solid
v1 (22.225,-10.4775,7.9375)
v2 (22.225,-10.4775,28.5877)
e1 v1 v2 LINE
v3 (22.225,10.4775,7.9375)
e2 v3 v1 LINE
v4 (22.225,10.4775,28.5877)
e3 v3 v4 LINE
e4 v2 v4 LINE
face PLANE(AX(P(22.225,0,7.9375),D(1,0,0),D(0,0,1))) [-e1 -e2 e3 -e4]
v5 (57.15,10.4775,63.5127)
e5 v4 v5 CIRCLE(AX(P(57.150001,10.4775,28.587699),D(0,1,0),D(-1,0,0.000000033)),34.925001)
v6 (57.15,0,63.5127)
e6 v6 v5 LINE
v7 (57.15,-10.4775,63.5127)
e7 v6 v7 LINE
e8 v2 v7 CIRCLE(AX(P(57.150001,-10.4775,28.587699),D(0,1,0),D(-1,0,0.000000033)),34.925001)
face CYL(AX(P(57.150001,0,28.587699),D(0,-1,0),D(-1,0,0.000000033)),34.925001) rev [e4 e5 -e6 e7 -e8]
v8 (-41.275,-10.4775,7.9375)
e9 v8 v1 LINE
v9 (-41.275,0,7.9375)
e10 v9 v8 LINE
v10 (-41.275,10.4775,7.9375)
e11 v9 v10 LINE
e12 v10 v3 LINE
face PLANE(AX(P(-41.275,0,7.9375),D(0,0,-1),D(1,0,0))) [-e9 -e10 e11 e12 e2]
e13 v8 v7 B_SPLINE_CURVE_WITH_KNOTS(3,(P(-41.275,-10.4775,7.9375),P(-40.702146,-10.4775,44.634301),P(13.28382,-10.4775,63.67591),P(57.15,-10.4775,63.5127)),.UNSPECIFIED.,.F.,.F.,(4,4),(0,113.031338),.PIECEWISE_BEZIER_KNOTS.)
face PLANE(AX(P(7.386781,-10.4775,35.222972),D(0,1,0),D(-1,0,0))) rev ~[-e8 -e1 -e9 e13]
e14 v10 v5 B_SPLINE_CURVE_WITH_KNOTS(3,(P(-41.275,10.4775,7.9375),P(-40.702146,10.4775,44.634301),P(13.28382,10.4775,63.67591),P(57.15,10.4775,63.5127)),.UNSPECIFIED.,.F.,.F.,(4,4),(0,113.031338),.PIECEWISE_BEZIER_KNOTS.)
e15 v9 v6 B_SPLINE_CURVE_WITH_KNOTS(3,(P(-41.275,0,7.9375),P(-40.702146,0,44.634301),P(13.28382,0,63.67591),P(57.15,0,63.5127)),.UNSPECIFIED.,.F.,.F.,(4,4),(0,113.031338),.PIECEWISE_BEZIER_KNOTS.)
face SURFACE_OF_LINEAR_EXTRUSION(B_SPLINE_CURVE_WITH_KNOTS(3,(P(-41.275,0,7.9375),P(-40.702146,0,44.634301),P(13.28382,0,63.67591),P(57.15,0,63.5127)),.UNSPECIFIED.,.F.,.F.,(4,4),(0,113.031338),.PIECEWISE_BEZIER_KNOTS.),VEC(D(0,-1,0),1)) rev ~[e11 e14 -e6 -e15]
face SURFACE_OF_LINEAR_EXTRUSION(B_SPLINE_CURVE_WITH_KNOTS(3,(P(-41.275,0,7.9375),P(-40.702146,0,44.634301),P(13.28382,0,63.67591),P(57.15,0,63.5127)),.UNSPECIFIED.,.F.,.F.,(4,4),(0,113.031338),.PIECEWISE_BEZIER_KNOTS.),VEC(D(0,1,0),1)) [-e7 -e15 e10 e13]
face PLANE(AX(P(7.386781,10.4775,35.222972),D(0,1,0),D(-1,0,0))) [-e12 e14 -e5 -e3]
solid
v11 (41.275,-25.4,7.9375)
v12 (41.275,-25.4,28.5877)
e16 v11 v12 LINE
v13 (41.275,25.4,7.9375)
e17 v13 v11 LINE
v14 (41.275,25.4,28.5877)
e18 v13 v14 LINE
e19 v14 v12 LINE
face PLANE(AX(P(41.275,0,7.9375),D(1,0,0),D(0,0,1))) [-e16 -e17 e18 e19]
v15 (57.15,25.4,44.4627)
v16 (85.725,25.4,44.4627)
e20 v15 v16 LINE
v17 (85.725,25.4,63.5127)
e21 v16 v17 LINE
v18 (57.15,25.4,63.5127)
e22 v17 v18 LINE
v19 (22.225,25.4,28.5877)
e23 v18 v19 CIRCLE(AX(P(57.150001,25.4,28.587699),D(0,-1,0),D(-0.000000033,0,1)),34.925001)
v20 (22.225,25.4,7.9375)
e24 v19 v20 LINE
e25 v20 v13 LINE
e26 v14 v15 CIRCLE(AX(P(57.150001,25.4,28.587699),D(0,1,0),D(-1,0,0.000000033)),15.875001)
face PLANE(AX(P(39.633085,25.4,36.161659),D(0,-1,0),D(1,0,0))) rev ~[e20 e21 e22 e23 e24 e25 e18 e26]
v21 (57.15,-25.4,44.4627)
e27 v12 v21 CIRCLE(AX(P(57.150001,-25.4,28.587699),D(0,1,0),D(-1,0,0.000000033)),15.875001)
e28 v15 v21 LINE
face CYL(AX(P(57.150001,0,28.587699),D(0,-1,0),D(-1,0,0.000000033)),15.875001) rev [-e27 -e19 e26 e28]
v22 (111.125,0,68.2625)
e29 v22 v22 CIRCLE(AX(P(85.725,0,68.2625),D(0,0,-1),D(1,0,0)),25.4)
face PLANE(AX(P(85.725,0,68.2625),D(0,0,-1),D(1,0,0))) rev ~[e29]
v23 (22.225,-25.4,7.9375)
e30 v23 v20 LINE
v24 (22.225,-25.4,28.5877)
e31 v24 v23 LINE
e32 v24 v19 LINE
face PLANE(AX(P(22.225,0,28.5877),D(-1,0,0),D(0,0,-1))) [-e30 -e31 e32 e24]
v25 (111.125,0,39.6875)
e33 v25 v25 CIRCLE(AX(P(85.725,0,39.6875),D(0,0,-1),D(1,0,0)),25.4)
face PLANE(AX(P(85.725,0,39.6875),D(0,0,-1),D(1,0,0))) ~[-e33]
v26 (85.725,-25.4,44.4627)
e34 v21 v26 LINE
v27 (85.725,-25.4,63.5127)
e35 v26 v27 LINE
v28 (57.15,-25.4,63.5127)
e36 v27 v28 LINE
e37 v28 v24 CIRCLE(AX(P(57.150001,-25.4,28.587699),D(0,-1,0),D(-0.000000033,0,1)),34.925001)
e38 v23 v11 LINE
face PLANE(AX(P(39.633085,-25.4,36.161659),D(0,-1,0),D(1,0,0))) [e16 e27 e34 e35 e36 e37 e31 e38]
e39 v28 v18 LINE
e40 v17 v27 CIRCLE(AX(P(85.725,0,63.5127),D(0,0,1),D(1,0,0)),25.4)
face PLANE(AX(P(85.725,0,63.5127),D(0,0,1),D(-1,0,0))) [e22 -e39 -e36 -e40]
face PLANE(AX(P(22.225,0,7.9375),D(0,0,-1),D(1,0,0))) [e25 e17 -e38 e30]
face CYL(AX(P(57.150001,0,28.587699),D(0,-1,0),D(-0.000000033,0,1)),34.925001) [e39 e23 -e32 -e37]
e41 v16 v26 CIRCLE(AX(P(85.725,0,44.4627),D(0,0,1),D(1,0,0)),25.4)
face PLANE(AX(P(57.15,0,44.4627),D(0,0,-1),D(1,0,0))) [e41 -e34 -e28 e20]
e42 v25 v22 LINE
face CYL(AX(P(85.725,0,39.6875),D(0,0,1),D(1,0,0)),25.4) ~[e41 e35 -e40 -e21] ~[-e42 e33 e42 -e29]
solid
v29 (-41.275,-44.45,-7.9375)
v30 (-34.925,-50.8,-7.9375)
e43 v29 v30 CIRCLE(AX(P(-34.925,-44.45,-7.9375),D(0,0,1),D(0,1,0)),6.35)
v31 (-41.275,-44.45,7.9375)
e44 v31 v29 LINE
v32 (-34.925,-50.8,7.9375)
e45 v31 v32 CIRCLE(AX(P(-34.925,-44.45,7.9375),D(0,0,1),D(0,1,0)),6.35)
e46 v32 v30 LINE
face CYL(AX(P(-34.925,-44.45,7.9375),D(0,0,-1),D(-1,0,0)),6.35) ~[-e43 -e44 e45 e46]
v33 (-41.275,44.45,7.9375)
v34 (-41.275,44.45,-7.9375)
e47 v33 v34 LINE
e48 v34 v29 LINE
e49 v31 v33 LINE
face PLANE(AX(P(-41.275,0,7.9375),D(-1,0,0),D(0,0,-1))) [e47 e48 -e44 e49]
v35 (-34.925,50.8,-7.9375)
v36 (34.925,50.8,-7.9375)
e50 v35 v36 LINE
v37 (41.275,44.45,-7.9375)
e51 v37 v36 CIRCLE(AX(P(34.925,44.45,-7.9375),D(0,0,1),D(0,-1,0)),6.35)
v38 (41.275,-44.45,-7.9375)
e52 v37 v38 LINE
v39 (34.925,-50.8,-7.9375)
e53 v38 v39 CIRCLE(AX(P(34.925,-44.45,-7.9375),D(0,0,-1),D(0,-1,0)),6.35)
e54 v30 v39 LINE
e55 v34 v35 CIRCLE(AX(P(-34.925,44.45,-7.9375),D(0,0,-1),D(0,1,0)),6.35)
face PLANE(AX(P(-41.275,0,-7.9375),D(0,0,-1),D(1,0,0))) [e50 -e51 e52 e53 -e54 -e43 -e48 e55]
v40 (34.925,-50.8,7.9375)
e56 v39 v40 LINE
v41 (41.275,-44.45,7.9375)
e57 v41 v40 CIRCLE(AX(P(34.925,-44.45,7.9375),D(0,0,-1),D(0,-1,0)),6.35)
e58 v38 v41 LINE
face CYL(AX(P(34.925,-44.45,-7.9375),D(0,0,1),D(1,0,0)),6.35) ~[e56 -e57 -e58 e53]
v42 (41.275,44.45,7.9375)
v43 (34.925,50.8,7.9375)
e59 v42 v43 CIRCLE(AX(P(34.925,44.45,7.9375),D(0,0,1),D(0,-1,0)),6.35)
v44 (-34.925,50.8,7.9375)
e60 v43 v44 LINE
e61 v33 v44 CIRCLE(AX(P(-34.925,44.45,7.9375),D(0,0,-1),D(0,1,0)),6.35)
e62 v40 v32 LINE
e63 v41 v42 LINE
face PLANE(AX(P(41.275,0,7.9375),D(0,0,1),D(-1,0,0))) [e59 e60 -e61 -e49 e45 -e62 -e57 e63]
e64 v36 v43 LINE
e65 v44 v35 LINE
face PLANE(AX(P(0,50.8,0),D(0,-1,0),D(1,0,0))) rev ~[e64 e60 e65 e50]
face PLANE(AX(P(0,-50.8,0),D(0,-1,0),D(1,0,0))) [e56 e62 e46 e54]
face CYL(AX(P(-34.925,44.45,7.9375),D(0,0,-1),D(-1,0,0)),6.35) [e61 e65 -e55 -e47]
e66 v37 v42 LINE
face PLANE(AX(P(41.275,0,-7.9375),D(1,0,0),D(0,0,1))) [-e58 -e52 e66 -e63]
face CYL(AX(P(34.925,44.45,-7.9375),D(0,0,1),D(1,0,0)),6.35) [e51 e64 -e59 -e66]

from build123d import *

# Parameters (mm, degrees)
F1_DEPTH      = 50.8
F1_DEPTH_BACK = 50.8
F0_W          = 25.4
F0_H          = 19.05
F2_DEPTH      = 25.4
F3_DEPTH      = 10.4775
F5_R          = 6.35


with BuildPart() as f1:
    # F0 (on Front) → F1 (new body, two sides)
    with BuildSketch(Plane.XZ) as f1_sk:
        Polygon((-41.275, 7.9375), (-41.275, -7.9375), (41.275, -7.9375), (41.275, 7.9375), (22.225, 7.9375), align=None)
    extrude(amount=F1_DEPTH)
    extrude(f1_sk.sketch, amount=-F1_DEPTH_BACK)

    # F5
    f5_edges = [f1.edges().sort_by_distance(p)[0] for p in [
        (41.275, -50.8, 0),
        (-41.275, -50.8, 0),
        (-41.275, 50.8, 0),
        (41.275, 50.8, 0),
    ]]
    fillet(f5_edges, radius=F5_R)


with BuildPart() as f2:
    # F0 (on Front) → F2 (new body, symmetric)
    with BuildSketch(Plane.XZ):
        with BuildLine():
            Line((22.225, 7.9375), (41.275, 7.9375))
            Line((41.275, 7.9375), (41.275, 28.5877))
            ThreePointArc((41.275, 28.5877), (45.92468, 39.81302), (57.15, 44.4627))
            Line((57.15, 44.4627), (60.325, 44.4627))
            Line((60.325, 44.4627), (60.325, 63.5127))
            Line((60.325, 63.5127), (57.15, 63.5127))
            ThreePointArc((57.15, 63.5127), (32.454296, 53.283404), (22.225, 28.5877))
            Line((22.225, 28.5877), (22.225, 7.9375))
        make_face()
        with Locations((73.025, 53.9877)):
            Rectangle(F0_W, F0_H)
    extrude(amount=F2_DEPTH, both=True)

    # F0 (on Front) → F4 (revolve)
    with BuildSketch(Plane.XZ):
        Polygon((85.725, 68.2625), (85.725, 63.5127), (85.725, 44.4627), (85.725, 39.6875), (111.125, 39.6875), (111.125, 68.2625), align=None)
    revolve(axis=Axis((85.725, 0, 53.975), (0, 0, -1)))


with BuildPart() as f3:
    # F0 (on Front) → F3 (new body, symmetric)
    with BuildSketch(Plane.XZ):
        with BuildLine():
            add(Edge.make_bspline(
                [(-41.275, 7.9375), (-40.702146, 44.634301), (13.28382, 63.67591), (57.15, 63.5127)],
                knots=[0, 0, 0, 0, 113.031338, 113.031338, 113.031338, 113.031338], degree=3))
            Line((-41.275, 7.9375), (22.225, 7.9375))
            Line((22.225, 7.9375), (22.225, 28.5877))
            ThreePointArc((22.225, 28.5877), (32.454296, 53.283404), (57.15, 63.5127))
        make_face()
    extrude(amount=F3_DEPTH, both=True)


solid = Compound([f1.part, f2.part, f3.part])
